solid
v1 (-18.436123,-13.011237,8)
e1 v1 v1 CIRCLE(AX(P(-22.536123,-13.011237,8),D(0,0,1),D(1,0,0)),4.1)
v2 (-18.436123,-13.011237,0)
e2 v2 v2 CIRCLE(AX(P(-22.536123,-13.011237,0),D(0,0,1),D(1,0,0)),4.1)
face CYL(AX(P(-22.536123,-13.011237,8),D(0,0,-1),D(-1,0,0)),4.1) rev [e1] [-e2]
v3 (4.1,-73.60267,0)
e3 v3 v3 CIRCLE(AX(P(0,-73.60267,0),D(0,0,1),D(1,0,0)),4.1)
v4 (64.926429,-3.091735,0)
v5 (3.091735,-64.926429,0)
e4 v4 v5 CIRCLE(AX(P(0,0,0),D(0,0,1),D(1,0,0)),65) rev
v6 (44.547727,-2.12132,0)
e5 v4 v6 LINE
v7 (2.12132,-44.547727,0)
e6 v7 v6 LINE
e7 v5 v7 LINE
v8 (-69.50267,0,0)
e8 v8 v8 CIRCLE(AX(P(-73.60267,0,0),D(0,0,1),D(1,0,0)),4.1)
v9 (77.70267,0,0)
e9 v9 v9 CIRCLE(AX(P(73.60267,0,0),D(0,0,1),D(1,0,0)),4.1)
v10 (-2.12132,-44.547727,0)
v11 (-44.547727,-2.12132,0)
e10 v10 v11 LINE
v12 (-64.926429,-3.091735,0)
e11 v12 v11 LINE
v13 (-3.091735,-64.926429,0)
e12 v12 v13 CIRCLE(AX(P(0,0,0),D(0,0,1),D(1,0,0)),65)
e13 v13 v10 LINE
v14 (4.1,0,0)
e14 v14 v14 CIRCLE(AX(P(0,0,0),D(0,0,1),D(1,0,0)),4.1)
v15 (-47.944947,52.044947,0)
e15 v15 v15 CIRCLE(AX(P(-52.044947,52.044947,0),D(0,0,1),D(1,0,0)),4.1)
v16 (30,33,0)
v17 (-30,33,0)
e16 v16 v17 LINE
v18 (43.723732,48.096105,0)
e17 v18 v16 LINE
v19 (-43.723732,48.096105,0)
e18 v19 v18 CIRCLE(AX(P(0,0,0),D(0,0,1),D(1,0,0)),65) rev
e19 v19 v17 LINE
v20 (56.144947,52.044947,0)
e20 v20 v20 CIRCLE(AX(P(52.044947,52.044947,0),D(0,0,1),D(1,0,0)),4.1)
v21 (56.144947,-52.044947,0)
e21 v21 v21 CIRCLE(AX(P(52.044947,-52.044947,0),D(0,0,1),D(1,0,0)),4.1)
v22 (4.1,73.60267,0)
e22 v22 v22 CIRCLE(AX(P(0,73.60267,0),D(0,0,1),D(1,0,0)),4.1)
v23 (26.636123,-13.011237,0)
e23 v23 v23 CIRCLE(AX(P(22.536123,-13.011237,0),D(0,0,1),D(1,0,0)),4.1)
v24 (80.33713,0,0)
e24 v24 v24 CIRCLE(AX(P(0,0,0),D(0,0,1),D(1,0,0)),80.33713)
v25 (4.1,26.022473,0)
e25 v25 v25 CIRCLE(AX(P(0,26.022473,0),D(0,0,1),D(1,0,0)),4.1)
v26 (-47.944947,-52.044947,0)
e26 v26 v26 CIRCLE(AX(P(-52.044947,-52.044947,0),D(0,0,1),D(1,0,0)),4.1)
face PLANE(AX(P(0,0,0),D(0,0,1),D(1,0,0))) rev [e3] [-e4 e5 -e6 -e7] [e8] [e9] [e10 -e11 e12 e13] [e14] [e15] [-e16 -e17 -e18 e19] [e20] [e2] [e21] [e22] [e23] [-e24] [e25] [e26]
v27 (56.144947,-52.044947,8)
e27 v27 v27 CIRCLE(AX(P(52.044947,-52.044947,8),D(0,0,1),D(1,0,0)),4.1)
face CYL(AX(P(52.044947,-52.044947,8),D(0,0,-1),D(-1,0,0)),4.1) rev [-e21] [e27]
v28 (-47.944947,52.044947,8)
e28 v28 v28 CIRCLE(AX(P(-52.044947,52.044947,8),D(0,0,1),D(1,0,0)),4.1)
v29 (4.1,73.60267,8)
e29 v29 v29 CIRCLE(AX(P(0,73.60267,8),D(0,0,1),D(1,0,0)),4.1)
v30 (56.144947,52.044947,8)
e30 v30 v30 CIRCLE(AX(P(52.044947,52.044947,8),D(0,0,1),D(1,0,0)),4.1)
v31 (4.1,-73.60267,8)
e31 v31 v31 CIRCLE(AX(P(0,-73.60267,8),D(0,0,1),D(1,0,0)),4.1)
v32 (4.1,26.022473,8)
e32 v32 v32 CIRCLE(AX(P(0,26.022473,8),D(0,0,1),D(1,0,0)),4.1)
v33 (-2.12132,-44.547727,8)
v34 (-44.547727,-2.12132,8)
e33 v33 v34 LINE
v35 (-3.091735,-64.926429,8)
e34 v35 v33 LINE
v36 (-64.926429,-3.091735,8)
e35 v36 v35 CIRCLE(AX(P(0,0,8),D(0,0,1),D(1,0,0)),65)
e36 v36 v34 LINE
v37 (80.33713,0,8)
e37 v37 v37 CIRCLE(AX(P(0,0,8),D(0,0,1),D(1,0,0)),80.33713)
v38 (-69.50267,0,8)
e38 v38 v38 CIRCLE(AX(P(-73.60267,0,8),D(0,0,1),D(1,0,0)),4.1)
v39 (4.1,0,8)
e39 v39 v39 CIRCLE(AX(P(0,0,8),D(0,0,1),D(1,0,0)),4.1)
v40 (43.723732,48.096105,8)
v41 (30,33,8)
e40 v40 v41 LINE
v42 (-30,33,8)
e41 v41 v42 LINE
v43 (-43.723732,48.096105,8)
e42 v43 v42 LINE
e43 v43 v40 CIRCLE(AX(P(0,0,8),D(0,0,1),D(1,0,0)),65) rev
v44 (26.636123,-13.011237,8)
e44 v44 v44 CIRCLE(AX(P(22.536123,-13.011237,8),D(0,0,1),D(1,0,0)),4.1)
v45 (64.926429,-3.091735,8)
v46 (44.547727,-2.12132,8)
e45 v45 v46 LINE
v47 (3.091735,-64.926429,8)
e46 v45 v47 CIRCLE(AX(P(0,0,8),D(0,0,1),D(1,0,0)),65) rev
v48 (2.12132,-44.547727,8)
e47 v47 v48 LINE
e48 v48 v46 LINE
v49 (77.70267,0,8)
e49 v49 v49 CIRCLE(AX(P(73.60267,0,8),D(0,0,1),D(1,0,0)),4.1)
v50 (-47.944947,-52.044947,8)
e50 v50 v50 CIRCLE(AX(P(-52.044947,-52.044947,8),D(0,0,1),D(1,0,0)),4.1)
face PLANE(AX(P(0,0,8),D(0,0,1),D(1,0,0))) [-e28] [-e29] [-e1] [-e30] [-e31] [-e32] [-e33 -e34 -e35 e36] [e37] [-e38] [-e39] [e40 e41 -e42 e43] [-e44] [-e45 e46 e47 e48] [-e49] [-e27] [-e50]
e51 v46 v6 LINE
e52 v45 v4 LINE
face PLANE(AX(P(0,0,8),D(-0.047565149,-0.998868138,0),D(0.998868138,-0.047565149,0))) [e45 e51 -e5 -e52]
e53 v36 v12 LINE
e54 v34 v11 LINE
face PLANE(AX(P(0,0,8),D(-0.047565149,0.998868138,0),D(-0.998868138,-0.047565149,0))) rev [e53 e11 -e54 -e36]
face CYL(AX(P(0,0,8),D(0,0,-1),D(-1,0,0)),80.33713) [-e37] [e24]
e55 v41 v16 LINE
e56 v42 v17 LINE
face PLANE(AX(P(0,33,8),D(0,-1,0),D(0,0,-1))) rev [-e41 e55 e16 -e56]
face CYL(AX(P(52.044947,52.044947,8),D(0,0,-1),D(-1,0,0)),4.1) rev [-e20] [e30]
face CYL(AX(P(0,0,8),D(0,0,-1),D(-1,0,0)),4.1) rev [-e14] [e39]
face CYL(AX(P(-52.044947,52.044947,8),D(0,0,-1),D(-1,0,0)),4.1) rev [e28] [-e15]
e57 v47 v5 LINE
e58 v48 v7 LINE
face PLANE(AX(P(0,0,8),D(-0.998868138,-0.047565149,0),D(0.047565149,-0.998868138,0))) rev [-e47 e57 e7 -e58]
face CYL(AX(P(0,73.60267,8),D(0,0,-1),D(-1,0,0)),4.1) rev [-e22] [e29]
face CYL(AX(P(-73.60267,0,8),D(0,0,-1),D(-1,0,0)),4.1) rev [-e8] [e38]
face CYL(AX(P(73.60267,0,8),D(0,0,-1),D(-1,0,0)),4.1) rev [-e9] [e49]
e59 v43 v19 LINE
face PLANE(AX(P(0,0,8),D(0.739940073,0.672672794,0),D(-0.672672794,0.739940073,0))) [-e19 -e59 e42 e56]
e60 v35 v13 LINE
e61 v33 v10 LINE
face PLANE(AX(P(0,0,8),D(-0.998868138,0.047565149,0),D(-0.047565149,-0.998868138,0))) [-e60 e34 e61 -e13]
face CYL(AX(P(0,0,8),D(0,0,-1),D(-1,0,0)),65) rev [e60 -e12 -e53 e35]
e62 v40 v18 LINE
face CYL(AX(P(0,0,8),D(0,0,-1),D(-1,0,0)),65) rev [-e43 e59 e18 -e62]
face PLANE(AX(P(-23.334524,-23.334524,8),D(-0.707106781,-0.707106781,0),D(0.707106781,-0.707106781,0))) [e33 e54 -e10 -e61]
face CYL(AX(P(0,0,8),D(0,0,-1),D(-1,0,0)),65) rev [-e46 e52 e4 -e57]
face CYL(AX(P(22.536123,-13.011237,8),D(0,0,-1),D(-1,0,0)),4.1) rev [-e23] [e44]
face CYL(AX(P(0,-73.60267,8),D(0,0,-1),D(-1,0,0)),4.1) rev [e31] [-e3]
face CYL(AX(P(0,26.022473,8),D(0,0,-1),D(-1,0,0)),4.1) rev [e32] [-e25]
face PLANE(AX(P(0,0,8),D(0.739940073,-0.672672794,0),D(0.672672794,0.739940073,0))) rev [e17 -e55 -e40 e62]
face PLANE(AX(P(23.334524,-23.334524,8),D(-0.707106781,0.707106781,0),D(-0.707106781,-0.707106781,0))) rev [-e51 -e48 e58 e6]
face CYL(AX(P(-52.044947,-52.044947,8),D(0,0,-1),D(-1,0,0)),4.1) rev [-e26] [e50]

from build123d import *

# Parameters (mm, degrees)
SKETCH_1_R      = 80.33713036
SKETCH_1_R_2    = 4.1
EXTRUDE_1_DEPTH = 8


with BuildPart() as part:
    # 草图1 → 凸台-拉伸1 (new body)
    with BuildSketch(Plane.XY):
        Circle(SKETCH_1_R)
        with Locations((0, 73.60266962)):
            Circle(SKETCH_1_R_2, mode=Mode.SUBTRACT)
        with Locations((-52.044946802, 52.044946802)):
            Circle(SKETCH_1_R_2, mode=Mode.SUBTRACT)
        with Locations((-73.60266962, 0)):
            Circle(SKETCH_1_R_2, mode=Mode.SUBTRACT)
        with Locations((-52.044946802, -52.044946802)):
            Circle(SKETCH_1_R_2, mode=Mode.SUBTRACT)
        with Locations((0, -73.60266962)):
            Circle(SKETCH_1_R_2, mode=Mode.SUBTRACT)
        with Locations((52.044946802, -52.044946802)):
            Circle(SKETCH_1_R_2, mode=Mode.SUBTRACT)
        with Locations((73.60266962, 0)):
            Circle(SKETCH_1_R_2, mode=Mode.SUBTRACT)
        with Locations((52.044946802, 52.044946802)):
            Circle(SKETCH_1_R_2, mode=Mode.SUBTRACT)
        with Locations((0, 26.022473401)):
            Circle(SKETCH_1_R_2, mode=Mode.SUBTRACT)
        with Locations((22.536123034, -13.0112367)):
            Circle(SKETCH_1_R_2, mode=Mode.SUBTRACT)
        with Locations((-22.536123034, -13.0112367)):
            Circle(SKETCH_1_R_2, mode=Mode.SUBTRACT)
        Circle(SKETCH_1_R_2, mode=Mode.SUBTRACT)
        with BuildLine():
            Line((43.72373161, 48.096104771), (30, 33))
            Line((30, 33), (-30, 33))
            Line((-30, 33), (-43.72373161, 48.096104771))
            ThreePointArc((-43.72373161, 48.096104771), (0, 65), (43.72373161, 48.096104771))
        make_face(mode=Mode.SUBTRACT)
        with BuildLine():
            Line((-64.926428952, -3.091734712), (-44.547727215, -2.121320344))
            Line((-44.547727215, -2.121320344), (-2.121320344, -44.547727215))
            Line((-2.121320344, -44.547727215), (-3.091734712, -64.926428952))
            ThreePointArc((-3.091734712, -64.926428952), (-45.961940777, -45.961940777), (-64.926428952, -3.091734712))
        make_face(mode=Mode.SUBTRACT)
        with BuildLine():
            Line((3.091734712, -64.926428952), (2.121320344, -44.547727215))
            Line((2.121320344, -44.547727215), (44.547727215, -2.121320344))
            Line((44.547727215, -2.121320344), (64.926428952, -3.091734712))
            ThreePointArc((64.926428952, -3.091734712), (45.961940777, -45.961940777), (3.091734712, -64.926428952))
        make_face(mode=Mode.SUBTRACT)
    extrude(amount=EXTRUDE_1_DEPTH)


solid = part.part
